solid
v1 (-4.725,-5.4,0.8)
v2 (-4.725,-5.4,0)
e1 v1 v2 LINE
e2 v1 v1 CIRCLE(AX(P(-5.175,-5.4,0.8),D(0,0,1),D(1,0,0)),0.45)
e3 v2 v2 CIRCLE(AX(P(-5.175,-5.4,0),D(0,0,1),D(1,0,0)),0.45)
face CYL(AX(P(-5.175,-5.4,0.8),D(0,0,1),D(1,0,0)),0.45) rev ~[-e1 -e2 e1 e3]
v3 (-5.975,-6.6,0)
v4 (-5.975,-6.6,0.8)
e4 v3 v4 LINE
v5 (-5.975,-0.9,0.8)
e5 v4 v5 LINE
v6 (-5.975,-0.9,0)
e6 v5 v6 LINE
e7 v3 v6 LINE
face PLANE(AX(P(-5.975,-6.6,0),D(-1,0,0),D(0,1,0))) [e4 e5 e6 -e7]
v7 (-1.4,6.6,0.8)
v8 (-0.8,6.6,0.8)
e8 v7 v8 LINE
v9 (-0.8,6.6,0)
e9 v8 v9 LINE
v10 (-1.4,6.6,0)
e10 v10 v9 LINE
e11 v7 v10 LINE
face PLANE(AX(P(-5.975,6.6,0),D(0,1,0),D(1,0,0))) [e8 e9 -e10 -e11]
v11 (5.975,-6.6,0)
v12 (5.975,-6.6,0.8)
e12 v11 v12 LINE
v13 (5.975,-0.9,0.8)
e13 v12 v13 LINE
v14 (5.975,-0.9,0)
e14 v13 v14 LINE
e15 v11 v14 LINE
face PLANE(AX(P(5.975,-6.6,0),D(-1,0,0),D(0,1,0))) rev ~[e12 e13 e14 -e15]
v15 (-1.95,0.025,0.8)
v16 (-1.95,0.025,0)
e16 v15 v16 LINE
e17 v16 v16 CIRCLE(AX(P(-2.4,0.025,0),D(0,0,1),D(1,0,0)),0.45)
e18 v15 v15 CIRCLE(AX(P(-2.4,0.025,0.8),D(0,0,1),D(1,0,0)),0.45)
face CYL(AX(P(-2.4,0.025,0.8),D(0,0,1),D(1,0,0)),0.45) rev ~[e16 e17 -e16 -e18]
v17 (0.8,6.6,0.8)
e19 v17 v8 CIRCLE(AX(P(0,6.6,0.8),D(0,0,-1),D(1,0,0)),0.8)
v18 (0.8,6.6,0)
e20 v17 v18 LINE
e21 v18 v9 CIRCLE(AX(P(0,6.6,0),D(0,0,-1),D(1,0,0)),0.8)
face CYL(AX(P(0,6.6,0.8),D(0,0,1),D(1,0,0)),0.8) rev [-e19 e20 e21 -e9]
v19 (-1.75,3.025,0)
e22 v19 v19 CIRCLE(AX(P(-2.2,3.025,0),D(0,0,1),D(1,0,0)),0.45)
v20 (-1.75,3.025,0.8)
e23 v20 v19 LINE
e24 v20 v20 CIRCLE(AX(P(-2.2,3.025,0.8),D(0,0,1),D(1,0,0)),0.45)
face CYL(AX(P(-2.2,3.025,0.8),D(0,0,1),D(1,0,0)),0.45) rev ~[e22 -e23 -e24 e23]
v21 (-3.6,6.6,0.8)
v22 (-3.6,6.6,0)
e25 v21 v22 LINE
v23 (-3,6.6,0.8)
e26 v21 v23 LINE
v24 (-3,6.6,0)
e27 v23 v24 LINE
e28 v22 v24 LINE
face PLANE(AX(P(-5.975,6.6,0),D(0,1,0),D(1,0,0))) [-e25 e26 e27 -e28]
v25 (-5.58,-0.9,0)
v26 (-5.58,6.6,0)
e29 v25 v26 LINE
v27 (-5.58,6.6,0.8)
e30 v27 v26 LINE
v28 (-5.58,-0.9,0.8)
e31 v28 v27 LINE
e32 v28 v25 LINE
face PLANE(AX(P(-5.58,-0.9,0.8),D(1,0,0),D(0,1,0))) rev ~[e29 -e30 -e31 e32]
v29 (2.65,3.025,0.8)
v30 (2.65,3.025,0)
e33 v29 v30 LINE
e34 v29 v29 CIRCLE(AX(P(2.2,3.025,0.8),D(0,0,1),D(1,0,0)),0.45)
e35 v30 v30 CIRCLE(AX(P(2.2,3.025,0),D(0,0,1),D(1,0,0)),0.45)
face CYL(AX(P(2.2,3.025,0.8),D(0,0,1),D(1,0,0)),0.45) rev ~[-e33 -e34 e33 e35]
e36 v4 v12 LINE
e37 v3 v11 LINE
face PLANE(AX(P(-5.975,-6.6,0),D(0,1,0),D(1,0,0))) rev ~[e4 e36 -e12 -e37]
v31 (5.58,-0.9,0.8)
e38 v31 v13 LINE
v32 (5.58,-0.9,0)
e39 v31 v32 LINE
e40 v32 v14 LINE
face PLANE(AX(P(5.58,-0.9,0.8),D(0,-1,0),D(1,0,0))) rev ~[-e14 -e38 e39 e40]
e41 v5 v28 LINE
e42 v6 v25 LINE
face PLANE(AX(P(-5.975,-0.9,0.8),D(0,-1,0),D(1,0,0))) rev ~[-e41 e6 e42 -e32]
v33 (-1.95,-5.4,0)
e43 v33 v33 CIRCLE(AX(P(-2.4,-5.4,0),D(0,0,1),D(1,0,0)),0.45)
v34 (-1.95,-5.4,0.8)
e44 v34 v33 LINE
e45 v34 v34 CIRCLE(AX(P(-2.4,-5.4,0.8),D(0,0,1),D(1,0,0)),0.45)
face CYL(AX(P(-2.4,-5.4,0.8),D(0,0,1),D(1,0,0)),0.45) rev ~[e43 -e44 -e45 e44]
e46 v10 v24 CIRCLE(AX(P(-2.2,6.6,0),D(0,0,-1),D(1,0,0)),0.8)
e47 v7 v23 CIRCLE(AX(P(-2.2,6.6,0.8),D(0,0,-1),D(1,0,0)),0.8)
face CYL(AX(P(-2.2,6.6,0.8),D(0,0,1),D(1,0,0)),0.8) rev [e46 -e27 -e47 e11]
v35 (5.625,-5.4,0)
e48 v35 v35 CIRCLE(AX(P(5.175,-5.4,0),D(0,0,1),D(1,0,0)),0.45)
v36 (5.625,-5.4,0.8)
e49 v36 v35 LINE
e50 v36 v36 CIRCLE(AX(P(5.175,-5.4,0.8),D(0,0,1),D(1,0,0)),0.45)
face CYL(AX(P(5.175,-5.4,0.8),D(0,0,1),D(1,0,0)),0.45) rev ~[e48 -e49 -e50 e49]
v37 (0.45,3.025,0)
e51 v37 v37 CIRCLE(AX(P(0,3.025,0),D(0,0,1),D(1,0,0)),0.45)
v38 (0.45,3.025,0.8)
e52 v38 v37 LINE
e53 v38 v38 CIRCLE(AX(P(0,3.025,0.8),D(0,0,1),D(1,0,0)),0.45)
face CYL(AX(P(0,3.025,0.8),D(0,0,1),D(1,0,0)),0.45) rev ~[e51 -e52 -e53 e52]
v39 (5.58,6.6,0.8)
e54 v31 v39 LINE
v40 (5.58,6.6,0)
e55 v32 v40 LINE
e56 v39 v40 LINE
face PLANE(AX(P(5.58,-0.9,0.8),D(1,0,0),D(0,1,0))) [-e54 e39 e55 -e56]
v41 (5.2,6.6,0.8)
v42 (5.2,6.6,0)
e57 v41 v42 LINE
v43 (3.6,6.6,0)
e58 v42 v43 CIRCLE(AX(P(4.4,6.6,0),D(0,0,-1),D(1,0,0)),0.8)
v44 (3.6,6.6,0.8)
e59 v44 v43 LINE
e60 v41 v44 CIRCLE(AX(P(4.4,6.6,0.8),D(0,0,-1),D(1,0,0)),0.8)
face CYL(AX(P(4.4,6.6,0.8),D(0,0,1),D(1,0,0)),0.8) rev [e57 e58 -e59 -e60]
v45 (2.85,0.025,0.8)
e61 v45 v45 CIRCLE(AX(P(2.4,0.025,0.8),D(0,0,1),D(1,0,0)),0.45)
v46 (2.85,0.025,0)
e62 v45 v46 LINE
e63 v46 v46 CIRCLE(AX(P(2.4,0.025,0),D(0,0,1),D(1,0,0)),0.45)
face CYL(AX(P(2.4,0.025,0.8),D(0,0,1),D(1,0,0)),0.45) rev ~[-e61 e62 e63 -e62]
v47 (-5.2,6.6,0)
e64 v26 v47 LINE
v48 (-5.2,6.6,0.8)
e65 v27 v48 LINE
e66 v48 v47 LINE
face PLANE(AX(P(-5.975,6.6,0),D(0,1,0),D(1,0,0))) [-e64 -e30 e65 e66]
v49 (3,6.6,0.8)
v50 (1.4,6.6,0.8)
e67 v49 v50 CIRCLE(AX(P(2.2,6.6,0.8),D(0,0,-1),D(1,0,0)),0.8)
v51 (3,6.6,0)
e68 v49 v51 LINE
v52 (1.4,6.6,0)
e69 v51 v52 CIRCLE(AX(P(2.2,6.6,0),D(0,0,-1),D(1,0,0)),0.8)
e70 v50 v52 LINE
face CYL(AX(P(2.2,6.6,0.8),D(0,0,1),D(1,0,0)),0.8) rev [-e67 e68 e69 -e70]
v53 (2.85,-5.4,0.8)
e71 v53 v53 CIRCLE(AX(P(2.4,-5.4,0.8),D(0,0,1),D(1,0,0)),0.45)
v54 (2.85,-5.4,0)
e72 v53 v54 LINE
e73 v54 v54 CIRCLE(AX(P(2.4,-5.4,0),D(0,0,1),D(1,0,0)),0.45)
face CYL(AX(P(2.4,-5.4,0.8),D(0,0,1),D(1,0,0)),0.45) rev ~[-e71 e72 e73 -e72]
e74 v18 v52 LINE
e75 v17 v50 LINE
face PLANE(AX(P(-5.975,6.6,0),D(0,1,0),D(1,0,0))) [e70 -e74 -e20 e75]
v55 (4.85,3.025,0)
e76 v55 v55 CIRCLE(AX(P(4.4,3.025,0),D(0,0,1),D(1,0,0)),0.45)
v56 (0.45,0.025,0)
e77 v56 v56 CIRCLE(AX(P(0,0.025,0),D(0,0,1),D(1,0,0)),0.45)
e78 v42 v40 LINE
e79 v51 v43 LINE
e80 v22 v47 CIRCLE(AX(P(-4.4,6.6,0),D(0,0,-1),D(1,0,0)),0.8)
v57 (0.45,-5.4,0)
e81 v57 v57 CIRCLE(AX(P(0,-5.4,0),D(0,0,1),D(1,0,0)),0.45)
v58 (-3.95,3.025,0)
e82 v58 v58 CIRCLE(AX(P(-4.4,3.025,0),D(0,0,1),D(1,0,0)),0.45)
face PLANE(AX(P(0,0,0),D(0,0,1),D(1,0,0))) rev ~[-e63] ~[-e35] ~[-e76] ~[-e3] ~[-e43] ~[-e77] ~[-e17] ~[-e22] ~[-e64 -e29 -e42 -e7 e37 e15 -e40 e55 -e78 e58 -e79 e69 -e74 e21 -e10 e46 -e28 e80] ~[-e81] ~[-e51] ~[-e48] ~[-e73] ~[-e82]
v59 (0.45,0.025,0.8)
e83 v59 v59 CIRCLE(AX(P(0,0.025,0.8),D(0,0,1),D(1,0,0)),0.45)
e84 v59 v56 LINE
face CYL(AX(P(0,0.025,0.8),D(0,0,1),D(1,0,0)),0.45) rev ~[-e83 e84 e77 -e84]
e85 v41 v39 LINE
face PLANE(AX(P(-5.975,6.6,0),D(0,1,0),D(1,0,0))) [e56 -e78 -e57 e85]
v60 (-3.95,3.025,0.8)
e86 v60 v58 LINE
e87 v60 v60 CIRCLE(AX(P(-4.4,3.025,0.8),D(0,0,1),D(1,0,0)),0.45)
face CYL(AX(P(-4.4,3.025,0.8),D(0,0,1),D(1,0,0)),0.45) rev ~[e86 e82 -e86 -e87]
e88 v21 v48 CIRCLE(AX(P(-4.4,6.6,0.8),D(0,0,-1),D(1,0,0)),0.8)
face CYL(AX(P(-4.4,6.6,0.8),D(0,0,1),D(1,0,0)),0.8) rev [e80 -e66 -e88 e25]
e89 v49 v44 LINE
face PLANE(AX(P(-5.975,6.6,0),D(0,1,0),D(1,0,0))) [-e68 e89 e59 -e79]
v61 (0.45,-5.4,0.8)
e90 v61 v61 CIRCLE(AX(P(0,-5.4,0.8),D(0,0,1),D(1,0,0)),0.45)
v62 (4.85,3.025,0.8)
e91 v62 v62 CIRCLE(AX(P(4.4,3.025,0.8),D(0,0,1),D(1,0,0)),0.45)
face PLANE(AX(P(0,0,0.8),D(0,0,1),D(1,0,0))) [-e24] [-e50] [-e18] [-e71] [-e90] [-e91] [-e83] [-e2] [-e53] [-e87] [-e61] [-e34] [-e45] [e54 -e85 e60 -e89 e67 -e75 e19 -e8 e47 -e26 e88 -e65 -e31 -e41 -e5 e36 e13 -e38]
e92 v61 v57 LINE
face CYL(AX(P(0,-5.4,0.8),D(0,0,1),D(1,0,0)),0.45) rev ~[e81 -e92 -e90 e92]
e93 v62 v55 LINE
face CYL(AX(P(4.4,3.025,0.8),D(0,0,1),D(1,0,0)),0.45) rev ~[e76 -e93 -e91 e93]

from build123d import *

# Parameters (mm, degrees)
SKETCH_1_W          = 11.95
SKETCH_1_H          = 13.2
EXTRUDE_1_DEPTH     = 0.8
SKETCH_2_W          = 0.395
SKETCH_2_H          = 7.5
CUT_EXTRUDE_1_DEPTH = 0.8
CUT_EXTRUDE_2_DEPTH = 0.8
SKETCH_4_R          = 0.45
CUT_EXTRUDE_3_DEPTH = 0.8


with BuildPart() as part:
    # Эскиз1 → Бобышка-Вытянуть1 (new body)
    with BuildSketch(Plane.XY):
        Rectangle(SKETCH_1_W, SKETCH_1_H)
    extrude(amount=EXTRUDE_1_DEPTH)

    # Эскиз2 → Вырез-Вытянуть1 (cut)
    with BuildSketch(Plane.XY.offset(0.8)):
        with Locations((-5.7775, 2.85)):
            Rectangle(SKETCH_2_W, SKETCH_2_H)
        with Locations((5.7775, 2.85)):
            Rectangle(SKETCH_2_W, SKETCH_2_H)
    extrude(amount=-CUT_EXTRUDE_1_DEPTH, mode=Mode.SUBTRACT)

    # Эскиз3 → Вырез-Вытянуть2 (cut)
    with BuildSketch(Plane.XY.offset(0.8)):
        with BuildLine():
            Line((-5.2, 6.6), (-3.6, 6.6))
            ThreePointArc((-3.6, 6.6), (-4.4, 5.8), (-5.2, 6.6))
        make_face()
        with BuildLine():
            Line((-3, 6.6), (-1.4, 6.6))
            ThreePointArc((-1.4, 6.6), (-2.2, 5.8), (-3, 6.6))
        make_face()
        with BuildLine():
            Line((-0.8, 6.6), (0.8, 6.6))
            ThreePointArc((0.8, 6.6), (0, 5.8), (-0.8, 6.6))
        make_face()
        with BuildLine():
            Line((1.4, 6.6), (3, 6.6))
            ThreePointArc((3, 6.6), (2.2, 5.8), (1.4, 6.6))
        make_face()
        with BuildLine():
            Line((3.6, 6.6), (5.2, 6.6))
            ThreePointArc((5.2, 6.6), (4.4, 5.8), (3.6, 6.6))
        make_face()
    extrude(amount=-CUT_EXTRUDE_2_DEPTH, mode=Mode.SUBTRACT)

    # Эскиз4 → Вырез-Вытянуть3 (cut)
    with BuildSketch(Plane.XY.offset(0.8)):
        with Locations((-2.4, -5.4)):
            Circle(SKETCH_4_R)
        with Locations((0, -5.4)):
            Circle(SKETCH_4_R)
        with Locations((2.4, -5.4)):
            Circle(SKETCH_4_R)
        with Locations((-2.4, 0.025)):
            Circle(SKETCH_4_R)
        with Locations((0, 0.025)):
            Circle(SKETCH_4_R)
        with Locations((2.4, 0.025)):
            Circle(SKETCH_4_R)
        with Locations((-5.175, -5.4)):
            Circle(SKETCH_4_R)
        with Locations((5.175, -5.4)):
            Circle(SKETCH_4_R)
        with Locations((-4.4, 3.025)):
            Circle(SKETCH_4_R)
        with Locations((-2.2, 3.025)):
            Circle(SKETCH_4_R)
        with Locations((0, 3.025)):
            Circle(SKETCH_4_R)
        with Locations((2.2, 3.025)):
            Circle(SKETCH_4_R)
        with Locations((4.4, 3.025)):
            Circle(SKETCH_4_R)
    extrude(amount=-CUT_EXTRUDE_3_DEPTH, mode=Mode.SUBTRACT)


solid = part.part
